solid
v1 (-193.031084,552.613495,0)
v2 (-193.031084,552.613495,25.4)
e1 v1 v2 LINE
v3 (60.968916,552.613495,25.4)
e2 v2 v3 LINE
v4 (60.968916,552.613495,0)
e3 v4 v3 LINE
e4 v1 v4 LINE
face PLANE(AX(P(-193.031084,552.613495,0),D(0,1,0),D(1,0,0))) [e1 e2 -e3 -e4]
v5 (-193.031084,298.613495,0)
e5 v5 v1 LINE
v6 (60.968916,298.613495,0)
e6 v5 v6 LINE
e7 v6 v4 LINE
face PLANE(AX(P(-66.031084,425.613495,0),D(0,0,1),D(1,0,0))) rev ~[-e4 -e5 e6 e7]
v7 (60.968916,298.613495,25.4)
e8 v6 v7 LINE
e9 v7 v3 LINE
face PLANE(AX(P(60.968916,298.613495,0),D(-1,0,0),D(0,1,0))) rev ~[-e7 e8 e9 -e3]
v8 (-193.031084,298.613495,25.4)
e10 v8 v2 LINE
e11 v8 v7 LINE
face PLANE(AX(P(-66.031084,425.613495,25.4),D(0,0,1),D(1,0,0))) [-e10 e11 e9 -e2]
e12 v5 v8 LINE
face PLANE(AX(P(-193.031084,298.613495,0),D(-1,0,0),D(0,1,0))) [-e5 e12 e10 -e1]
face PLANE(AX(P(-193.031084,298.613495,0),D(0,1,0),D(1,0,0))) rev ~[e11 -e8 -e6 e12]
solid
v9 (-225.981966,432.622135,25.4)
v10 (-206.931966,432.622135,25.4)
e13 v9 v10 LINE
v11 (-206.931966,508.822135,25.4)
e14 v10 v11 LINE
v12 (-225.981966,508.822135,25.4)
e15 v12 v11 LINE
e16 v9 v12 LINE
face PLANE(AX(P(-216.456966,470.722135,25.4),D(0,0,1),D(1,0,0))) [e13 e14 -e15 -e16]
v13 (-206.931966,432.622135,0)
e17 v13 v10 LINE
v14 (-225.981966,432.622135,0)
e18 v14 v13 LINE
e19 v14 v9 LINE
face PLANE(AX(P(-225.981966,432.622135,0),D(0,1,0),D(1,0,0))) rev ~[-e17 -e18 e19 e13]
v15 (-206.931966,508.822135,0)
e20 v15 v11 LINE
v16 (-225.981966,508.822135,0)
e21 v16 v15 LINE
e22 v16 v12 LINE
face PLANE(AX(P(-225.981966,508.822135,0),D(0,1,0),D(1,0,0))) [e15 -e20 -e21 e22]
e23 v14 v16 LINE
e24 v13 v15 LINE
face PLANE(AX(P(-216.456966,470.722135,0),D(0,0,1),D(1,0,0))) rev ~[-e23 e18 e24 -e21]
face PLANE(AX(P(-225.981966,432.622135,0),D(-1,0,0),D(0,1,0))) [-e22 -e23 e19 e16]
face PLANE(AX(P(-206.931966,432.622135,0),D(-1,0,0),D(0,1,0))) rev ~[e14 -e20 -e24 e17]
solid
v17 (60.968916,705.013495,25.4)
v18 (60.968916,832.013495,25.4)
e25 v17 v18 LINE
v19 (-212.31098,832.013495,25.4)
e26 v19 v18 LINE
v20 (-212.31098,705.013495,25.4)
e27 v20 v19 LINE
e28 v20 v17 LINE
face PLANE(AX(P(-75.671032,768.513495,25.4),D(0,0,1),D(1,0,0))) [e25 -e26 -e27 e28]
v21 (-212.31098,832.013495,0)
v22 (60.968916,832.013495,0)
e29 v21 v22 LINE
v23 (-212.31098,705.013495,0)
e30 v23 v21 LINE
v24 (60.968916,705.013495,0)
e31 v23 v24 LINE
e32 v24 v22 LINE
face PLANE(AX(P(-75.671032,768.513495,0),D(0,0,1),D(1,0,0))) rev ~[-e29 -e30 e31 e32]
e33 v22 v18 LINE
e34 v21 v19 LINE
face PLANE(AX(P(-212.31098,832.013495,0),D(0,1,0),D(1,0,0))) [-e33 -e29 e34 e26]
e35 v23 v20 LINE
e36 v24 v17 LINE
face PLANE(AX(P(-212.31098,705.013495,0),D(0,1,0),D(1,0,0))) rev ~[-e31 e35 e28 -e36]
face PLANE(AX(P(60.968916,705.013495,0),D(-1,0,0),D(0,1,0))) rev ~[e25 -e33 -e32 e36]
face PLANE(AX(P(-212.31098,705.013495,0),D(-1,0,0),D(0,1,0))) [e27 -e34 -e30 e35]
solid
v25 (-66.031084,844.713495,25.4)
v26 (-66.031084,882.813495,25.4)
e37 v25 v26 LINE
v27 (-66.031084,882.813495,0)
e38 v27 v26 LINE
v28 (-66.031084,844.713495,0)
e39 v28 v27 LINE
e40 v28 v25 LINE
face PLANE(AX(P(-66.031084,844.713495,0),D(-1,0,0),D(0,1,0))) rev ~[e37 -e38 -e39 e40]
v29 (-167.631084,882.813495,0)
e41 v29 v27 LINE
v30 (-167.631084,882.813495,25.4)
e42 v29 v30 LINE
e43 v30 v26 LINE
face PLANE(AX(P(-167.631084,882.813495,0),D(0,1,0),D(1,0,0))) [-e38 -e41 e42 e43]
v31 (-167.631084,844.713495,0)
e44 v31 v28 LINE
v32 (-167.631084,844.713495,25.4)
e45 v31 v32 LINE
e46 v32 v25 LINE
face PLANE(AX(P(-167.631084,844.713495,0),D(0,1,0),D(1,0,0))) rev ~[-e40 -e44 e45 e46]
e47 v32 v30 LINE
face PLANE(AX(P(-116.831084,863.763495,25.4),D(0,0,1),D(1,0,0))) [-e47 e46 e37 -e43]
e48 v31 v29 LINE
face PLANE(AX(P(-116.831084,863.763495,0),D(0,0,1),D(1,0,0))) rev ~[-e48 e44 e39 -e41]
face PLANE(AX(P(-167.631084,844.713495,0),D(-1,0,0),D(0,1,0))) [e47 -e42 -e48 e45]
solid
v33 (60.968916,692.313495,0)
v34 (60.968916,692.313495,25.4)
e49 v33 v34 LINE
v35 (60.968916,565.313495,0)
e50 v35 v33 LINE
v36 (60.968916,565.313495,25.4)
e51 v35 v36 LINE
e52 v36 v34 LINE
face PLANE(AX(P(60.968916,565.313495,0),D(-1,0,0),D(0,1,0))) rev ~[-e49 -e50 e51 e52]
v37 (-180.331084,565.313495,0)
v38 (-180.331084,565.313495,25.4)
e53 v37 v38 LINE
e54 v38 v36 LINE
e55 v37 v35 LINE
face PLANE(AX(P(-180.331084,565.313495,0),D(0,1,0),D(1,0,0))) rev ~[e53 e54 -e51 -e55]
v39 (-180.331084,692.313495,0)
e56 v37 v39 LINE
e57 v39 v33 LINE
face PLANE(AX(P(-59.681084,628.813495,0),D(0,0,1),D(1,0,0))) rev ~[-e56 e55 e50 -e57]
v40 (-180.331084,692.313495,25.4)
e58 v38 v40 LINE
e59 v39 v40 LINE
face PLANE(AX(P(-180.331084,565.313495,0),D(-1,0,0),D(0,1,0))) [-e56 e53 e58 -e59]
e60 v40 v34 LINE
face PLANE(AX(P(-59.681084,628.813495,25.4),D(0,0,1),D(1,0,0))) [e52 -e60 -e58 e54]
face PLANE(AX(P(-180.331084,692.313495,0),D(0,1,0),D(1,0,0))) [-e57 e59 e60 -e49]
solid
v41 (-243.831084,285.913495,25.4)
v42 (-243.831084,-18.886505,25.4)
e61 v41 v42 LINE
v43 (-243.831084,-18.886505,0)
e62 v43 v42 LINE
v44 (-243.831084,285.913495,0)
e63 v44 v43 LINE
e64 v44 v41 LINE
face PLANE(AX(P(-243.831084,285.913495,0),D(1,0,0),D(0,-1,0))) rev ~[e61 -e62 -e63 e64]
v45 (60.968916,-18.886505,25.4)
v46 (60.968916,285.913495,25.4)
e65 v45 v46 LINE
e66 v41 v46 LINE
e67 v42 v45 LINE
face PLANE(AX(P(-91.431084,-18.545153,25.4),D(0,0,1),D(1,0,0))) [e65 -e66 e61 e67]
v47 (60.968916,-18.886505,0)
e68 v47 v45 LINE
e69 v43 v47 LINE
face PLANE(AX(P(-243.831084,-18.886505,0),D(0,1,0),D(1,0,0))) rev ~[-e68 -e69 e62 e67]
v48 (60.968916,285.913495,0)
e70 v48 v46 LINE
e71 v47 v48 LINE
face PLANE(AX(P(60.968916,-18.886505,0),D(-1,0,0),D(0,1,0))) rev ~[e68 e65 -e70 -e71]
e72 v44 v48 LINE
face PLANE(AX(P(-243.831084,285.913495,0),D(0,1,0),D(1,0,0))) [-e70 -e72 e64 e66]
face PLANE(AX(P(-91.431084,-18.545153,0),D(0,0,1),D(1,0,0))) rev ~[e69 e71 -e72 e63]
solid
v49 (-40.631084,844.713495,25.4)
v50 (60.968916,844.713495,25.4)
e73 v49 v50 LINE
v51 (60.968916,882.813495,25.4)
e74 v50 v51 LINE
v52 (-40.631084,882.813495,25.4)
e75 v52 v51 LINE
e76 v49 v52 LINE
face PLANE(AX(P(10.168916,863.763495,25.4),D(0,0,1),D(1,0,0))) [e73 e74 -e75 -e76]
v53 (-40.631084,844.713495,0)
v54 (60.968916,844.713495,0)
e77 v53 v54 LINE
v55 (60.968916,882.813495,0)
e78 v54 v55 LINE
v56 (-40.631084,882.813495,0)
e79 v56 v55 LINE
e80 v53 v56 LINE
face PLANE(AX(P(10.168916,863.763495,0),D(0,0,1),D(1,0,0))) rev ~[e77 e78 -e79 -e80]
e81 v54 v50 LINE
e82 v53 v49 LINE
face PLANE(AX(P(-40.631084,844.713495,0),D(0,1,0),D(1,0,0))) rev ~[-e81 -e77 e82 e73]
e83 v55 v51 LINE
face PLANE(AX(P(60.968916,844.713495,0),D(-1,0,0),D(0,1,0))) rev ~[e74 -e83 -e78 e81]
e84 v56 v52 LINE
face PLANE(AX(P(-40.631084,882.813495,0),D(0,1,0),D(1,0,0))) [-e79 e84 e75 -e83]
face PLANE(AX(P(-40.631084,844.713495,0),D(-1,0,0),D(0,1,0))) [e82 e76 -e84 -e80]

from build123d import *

# Parameters (mm, degrees)
F0_W     = 304.8
F0_H     = 0.682704
F0_H_2   = 304.117296
F0_W_2   = 254
F0_H_3   = 254
F0_W_3   = 241.3
F0_H_4   = 127
F0_W_4   = 273.279897
F0_W_5   = 101.6
F0_H_5   = 38.1
F0_W_6   = 19.05
F0_H_6   = 76.2
F1_DEPTH = 25.4


with BuildPart() as f1:
    # F0 (on Top) → F1 (new body)
    with BuildSketch(Plane.XY):
        with Locations((-91.431084, -18.545153)):
            Rectangle(F0_W, F0_H)
        with Locations((-91.431084, 133.854847)):
            Rectangle(F0_W, F0_H_2)
        with Locations((-66.031084, 425.613495)):
            Rectangle(F0_W_2, F0_H_3)
        with Locations((-59.681084, 628.813495)):
            Rectangle(F0_W_3, F0_H_4)
        with Locations((-75.671032, 768.513495)):
            Rectangle(F0_W_4, F0_H_4)
        with Locations((-116.831084, 863.763495)):
            Rectangle(F0_W_5, F0_H_5)
        with Locations((10.168916, 863.763495)):
            Rectangle(F0_W_5, F0_H_5)
        with Locations((-216.456966, 470.722135)):
            Rectangle(F0_W_6, F0_H_6)
    extrude(amount=F1_DEPTH)


solid = f1.part
